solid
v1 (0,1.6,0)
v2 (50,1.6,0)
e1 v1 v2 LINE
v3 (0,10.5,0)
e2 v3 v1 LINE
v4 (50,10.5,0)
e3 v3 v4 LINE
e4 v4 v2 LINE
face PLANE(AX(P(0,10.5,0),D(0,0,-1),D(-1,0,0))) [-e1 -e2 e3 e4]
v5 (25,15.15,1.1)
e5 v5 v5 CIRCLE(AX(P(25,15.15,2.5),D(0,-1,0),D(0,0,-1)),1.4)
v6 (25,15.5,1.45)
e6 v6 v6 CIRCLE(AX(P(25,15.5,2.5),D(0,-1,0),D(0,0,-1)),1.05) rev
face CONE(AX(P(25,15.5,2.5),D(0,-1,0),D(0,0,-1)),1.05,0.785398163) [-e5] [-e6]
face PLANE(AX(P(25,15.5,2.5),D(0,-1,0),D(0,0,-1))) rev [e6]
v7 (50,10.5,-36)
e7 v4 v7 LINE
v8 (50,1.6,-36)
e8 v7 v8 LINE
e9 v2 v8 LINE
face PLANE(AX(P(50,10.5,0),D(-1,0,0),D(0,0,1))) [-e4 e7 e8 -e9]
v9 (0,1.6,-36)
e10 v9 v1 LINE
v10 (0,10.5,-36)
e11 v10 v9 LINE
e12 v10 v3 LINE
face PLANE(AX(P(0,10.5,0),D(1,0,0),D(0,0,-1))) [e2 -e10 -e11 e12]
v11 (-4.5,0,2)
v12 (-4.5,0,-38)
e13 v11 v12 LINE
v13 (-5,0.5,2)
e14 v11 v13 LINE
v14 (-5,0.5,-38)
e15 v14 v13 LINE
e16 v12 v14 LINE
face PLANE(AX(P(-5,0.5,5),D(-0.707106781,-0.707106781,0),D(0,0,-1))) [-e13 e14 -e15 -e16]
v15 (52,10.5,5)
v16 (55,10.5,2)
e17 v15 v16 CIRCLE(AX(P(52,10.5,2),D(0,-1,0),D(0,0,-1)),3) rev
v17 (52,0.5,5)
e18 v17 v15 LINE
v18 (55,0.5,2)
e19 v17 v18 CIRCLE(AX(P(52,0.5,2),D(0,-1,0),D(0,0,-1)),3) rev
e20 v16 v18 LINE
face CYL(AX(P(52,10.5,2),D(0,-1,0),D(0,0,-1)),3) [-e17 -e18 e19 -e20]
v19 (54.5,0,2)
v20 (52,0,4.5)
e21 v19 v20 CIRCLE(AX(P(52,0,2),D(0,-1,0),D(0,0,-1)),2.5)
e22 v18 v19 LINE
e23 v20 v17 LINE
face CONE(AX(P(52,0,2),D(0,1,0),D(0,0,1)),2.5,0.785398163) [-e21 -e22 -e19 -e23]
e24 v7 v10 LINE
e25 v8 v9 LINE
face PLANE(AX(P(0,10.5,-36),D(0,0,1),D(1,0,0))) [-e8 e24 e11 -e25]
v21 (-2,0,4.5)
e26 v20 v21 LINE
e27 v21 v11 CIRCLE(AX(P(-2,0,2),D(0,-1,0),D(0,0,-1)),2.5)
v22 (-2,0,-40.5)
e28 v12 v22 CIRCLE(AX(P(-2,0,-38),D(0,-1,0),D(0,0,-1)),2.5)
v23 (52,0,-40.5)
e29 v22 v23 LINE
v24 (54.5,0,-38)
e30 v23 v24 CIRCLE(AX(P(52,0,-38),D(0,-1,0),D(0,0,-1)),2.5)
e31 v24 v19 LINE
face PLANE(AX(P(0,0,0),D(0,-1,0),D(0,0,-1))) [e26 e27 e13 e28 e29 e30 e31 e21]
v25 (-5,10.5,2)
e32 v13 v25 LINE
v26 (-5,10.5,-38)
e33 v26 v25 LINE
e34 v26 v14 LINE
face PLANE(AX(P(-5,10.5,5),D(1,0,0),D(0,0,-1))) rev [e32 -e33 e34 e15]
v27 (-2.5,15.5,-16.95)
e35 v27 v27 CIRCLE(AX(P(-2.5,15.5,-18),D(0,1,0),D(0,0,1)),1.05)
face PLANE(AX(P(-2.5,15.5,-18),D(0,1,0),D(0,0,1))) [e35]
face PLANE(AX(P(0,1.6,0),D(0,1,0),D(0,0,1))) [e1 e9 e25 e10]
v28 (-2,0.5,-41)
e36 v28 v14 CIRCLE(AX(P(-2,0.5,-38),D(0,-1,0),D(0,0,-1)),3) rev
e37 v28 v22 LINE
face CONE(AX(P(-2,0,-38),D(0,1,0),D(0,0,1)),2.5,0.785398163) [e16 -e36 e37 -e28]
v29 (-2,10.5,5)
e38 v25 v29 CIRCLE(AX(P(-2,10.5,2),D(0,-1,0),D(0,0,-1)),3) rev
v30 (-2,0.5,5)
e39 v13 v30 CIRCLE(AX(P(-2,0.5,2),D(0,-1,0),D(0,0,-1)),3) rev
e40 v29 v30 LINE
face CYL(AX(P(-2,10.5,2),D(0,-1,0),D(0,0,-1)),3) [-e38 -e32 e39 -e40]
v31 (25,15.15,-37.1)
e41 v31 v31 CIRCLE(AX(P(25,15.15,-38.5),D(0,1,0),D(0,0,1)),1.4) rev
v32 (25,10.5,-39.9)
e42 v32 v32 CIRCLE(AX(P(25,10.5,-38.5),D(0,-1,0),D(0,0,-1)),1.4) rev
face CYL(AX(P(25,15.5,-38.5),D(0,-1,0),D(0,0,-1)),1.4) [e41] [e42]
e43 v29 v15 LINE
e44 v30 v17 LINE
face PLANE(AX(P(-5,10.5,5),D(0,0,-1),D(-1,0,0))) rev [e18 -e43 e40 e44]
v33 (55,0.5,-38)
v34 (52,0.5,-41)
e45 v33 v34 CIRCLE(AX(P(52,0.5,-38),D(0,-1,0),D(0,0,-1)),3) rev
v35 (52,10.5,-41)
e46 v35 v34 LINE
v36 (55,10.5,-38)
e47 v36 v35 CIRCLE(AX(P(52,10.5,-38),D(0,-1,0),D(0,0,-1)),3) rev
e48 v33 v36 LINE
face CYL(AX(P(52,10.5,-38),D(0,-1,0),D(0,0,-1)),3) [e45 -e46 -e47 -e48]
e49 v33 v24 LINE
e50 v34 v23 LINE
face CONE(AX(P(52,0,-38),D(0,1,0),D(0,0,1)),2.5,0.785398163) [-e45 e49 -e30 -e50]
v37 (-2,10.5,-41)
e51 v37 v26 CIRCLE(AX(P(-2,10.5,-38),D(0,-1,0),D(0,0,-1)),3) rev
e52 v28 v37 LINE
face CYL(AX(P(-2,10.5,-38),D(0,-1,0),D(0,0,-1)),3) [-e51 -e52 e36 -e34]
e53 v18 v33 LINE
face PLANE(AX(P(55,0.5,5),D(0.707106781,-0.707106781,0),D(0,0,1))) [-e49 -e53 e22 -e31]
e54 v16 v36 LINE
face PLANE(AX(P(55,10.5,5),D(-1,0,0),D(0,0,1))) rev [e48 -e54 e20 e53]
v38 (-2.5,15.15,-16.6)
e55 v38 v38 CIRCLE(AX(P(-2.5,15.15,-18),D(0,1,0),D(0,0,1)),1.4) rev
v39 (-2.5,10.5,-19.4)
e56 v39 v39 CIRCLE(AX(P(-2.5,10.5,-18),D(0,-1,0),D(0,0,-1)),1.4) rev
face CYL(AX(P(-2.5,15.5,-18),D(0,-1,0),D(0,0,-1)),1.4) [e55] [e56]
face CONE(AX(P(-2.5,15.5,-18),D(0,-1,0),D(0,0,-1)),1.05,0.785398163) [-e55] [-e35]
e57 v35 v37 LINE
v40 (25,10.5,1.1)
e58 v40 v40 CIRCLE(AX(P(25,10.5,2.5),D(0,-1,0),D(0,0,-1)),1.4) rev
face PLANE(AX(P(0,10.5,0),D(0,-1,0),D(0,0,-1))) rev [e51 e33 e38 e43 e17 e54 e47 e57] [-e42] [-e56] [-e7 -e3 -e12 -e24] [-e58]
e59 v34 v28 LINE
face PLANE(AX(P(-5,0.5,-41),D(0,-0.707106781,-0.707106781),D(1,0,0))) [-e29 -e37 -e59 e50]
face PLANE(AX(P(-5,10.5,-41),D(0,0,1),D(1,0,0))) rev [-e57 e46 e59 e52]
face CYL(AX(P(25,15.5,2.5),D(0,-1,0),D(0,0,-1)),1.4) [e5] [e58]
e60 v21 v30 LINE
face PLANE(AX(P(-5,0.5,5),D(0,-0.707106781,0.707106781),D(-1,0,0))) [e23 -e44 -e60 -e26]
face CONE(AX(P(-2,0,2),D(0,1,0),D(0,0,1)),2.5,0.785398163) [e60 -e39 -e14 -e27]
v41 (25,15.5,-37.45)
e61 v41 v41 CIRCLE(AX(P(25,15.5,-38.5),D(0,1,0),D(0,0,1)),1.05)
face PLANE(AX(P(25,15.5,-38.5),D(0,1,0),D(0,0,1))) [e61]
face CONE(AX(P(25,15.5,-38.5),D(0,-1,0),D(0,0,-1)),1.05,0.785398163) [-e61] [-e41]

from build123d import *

# Parameters (mm, degrees)
SKETCH1_W           = 60
SKETCH1_H           = 46
SKETCH1_W_2         = 50
SKETCH1_H_2         = 36
BOSS_EXTRUDE1_DEPTH = 10.5
SKETCH2_W           = 50
SKETCH2_H           = 36
BOSS_EXTRUDE2_DEPTH = 1.6
FILLET1_R           = 3
SKETCH3_R           = 1.4
BOSS_EXTRUDE3_DEPTH = 5
CHAMFER1_SIZE       = 0.35
CHAMFER2_SIZE       = 0.5


with BuildPart() as part:
    # Sketch1 → Boss-Extrude1 (new body)
    with BuildSketch(Plane(origin=(0, 0, 0), x_dir=(1, 0, 0), z_dir=(0, 1, 0))):
        with Locations((25, 18)):
            Rectangle(SKETCH1_W, SKETCH1_H)
        with Locations((25, 18)):
            Rectangle(SKETCH1_W_2, SKETCH1_H_2, mode=Mode.SUBTRACT)
    extrude(amount=BOSS_EXTRUDE1_DEPTH)

    # Sketch2 → Boss-Extrude2 (add)
    with BuildSketch(Plane(origin=(0, 0, 0), x_dir=(1, 0, 0), z_dir=(0, 1, 0))):
        with Locations((25, 18)):
            Rectangle(SKETCH2_W, SKETCH2_H)
    extrude(amount=BOSS_EXTRUDE2_DEPTH)

    # Fillet1
    fillet1_edges = [part.edges().sort_by_distance(p)[0] for p in [
        (-5, 5.25, -41),
        (55, 5.25, -41),
        (55, 5.25, 5),
        (-5, 5.25, 5),
    ]]
    fillet(fillet1_edges, radius=FILLET1_R)

    # Sketch3 → Boss-Extrude3 (add)
    with BuildSketch(Plane(origin=(0, 10.5, 0), x_dir=(1, 0, 0), z_dir=(0, 1, 0))):
        with Locations((25, 38.5)):
            Circle(SKETCH3_R)
        with Locations((-2.5, 18)):
            Circle(SKETCH3_R)
        with Locations((25, -2.5)):
            Circle(SKETCH3_R)
    extrude(amount=BOSS_EXTRUDE3_DEPTH)

    # Chamfer1
    chamfer1_edges = [part.edges().sort_by_distance(p)[0] for p in [
        (23.6, 15.5, -38.5),
        (-3.9, 15.5, -18),
        (23.6, 15.5, 2.5),
    ]]
    chamfer(chamfer1_edges, length=CHAMFER1_SIZE)

    # Chamfer2
    chamfer2_edges = [part.edges().sort_by_distance(p)[0] for p in [
        (25, 0, -41),
        (-5, 0, -18),
        (55, 0, -18),
        (25, 0, 5),
        (-4.121320344, 0, 4.121320344),
        (54.121320344, 0, 4.121320344),
        (-4.121320344, 0, -40.121320344),
        (54.121320344, 0, -40.121320344),
    ]]
    chamfer(chamfer2_edges, length=CHAMFER2_SIZE)


solid = part.part
